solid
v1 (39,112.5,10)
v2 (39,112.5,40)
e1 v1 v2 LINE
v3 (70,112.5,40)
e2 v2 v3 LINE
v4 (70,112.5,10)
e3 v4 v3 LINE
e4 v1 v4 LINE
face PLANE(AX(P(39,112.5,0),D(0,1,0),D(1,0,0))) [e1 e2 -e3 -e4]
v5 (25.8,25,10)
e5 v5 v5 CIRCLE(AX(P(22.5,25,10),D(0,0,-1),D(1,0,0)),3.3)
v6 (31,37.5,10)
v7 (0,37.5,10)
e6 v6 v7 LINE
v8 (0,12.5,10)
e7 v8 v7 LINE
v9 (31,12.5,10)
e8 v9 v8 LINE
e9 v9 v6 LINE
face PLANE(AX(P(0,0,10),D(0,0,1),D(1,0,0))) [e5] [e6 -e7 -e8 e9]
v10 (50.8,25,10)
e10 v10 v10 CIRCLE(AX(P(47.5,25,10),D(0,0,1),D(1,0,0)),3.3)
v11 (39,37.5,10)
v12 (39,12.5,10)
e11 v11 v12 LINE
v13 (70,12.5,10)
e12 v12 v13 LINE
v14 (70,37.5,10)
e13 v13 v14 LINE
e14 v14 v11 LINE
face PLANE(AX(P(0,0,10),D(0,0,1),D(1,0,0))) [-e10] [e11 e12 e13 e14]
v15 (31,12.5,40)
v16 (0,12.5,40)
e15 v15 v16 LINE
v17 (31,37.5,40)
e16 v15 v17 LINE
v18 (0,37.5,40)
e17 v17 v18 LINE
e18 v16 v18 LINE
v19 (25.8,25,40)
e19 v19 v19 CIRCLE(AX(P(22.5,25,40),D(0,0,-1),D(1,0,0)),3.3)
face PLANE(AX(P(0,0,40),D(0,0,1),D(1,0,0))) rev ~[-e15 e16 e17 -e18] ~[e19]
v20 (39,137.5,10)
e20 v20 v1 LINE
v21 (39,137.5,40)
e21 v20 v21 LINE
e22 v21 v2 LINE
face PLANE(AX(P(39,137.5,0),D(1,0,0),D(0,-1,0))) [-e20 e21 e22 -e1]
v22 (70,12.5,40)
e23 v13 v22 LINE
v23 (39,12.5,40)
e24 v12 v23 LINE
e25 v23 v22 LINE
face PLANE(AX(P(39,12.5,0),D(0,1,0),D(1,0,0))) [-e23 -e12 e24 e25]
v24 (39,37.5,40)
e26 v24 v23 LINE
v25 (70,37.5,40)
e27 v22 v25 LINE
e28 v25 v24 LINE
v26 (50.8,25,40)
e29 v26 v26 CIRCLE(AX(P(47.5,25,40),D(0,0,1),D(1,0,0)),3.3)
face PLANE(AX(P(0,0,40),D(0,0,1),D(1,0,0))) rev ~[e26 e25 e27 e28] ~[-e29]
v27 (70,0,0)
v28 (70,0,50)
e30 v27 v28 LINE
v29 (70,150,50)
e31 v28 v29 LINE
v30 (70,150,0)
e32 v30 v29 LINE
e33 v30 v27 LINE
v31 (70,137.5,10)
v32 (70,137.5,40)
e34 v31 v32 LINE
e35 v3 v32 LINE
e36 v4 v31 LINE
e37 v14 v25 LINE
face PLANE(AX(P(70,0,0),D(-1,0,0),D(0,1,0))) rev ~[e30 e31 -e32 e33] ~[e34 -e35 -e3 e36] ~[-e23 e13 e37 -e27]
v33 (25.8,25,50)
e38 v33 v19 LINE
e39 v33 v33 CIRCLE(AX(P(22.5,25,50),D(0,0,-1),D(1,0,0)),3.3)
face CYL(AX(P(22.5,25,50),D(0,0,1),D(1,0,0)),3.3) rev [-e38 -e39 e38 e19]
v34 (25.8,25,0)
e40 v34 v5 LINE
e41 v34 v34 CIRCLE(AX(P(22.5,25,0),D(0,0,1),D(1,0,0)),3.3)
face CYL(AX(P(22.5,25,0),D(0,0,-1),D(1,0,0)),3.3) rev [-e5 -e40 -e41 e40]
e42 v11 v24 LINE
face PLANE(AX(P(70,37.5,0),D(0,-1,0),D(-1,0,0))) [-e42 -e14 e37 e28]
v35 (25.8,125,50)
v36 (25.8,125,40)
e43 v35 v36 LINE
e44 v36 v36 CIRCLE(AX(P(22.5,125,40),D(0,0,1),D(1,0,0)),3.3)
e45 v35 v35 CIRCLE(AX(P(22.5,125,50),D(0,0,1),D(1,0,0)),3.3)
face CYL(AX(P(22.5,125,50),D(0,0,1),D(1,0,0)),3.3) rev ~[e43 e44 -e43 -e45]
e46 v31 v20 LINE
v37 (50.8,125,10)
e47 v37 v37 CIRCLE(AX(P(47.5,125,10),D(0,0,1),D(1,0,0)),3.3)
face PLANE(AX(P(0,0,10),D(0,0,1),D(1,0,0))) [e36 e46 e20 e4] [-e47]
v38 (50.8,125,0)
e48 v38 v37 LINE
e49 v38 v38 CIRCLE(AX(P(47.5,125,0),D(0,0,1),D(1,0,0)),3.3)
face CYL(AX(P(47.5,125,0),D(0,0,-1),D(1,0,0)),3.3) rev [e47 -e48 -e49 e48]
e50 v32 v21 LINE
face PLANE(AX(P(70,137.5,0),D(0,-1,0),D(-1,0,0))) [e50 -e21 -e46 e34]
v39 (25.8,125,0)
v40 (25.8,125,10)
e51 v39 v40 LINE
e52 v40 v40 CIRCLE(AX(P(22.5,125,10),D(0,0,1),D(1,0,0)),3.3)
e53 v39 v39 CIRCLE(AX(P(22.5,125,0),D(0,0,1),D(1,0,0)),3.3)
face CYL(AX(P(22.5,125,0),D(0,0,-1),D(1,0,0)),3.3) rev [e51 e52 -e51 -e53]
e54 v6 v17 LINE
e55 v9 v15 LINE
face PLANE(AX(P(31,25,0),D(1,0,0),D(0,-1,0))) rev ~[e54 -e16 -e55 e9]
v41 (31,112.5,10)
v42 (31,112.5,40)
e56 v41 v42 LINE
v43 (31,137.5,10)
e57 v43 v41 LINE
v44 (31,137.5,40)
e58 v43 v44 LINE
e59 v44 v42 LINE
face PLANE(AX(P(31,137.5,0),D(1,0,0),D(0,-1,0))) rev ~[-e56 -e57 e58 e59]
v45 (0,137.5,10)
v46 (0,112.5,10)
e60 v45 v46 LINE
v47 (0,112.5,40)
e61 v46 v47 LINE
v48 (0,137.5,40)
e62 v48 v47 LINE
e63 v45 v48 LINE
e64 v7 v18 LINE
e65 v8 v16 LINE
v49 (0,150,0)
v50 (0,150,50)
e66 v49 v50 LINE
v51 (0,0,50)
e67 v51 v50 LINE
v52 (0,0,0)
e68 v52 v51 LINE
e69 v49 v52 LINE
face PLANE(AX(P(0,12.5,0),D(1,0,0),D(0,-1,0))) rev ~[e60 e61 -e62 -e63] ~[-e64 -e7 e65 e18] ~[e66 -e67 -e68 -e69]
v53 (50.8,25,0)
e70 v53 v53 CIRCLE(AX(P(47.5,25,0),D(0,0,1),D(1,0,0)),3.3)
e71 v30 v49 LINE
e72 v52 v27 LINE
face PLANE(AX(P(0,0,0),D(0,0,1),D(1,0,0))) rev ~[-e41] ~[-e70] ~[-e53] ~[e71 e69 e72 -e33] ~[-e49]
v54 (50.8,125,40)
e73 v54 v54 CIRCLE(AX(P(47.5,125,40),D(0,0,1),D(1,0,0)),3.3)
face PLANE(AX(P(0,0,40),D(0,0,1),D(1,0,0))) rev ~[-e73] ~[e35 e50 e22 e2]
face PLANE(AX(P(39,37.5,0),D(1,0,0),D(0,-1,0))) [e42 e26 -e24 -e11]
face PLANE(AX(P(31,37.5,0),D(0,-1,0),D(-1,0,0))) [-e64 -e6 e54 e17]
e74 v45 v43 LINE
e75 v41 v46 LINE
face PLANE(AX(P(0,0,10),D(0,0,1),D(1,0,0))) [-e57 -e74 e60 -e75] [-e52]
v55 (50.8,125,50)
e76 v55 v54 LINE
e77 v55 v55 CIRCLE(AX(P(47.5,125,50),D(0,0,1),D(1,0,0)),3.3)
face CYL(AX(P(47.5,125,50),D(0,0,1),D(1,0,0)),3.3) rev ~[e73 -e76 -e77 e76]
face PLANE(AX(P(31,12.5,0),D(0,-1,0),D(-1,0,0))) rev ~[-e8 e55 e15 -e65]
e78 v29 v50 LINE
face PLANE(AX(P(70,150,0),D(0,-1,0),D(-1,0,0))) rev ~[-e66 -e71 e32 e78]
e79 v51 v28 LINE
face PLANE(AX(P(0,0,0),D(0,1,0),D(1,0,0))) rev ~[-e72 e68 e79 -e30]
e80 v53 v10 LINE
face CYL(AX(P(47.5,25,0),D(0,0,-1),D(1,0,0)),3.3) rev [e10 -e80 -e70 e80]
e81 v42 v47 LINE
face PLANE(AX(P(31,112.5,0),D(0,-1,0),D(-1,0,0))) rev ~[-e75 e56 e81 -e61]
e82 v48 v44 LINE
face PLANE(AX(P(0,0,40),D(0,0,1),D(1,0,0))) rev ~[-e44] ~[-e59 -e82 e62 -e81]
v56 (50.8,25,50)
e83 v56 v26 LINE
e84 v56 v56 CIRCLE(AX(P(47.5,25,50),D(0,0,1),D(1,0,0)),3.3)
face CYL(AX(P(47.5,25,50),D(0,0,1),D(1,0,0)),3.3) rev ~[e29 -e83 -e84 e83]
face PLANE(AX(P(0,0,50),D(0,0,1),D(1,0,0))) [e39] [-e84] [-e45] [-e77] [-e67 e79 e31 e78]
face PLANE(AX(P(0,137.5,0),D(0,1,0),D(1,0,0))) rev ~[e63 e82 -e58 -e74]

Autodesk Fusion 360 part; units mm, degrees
sketch "Sketch1" plane through (0, 0, 0) normal (0, 0, 1) x (1, 0, 0)
  line L0 (0, 0) -> (70, 0)
  line L1 (70, 0) -> (70, 150)
  line L2 (70, 150) -> (0, 150)
  line L3 (0, 150) -> (0, 0)
  circle A0 centre (22.5, 25) radius 3.3
  circle A1 centre (47.5, 25) radius 3.3
  circle A2 centre (22.5, 125) radius 3.3
  circle A3 centre (47.5, 125) radius 3.3
  line L4 (22.5, 25) -> (0, 25)
  line L5 (0, 25) -> (31, 25)
  line L6 (31, 25) -> (31, 37.5)
  line L7 (31, 37.5) -> (0, 37.5)
  line L8 (0, 37.5) -> (0, 25)
  line L9 (0, 25) -> (31, 25)
  line L10 (31, 25) -> (31, 12.5)
  line L11 (31, 12.5) -> (0, 12.5)
  line L12 (0, 12.5) -> (0, 25)
  line L13 (70, 37.5) -> (39, 37.5)
  line L14 (39, 37.5) -> (39, 12.5)
  line L15 (39, 12.5) -> (70, 12.5)
  line L16 (70, 12.5) -> (70, 37.5)
  line L17 (70, 137.5) -> (39, 137.5)
  line L18 (39, 137.5) -> (39, 112.5)
  line L19 (39, 112.5) -> (70, 112.5)
  line L20 (70, 112.5) -> (70, 137.5)
  line L21 (0, 137.5) -> (31, 137.5)
  line L22 (31, 137.5) -> (31, 112.5)
  line L23 (31, 112.5) -> (0, 112.5)
  line L24 (0, 112.5) -> (0, 137.5)
  point P0 (22.5, 25)
  point P1 (47.5, 25)
  point P2 (47.5, 125)
  point P3 (22.5, 125)
  dimension "d1" = 70
  dimension "d2" = 150
  dimension "d3" = 25
  dimension "d4" = 22.5
  dimension "d5" = 25
  dimension "d6" = 22.5
  dimension "d7" = 25
  dimension "d8" = 47.5
  dimension "d9" = 25
  dimension "d10" = 22.5
  dimension "d11" = 22.5
  dimension "d12" = 25
  dimension "d13" = 25
  dimension "d14" = 6.6
  dimension "d15" = 6.6
  dimension "d16" = 6.6
  dimension "d17" = 6.6
  dimension "d18" = 31
  dimension "d19" = 12.5
  dimension "d20" = 12.5
  dimension "d21" = 31
  dimension "d22" = 25
  dimension "d23" = 12.5
  dimension "d24" = 31
  dimension "d25" = 25
  dimension "d26" = 31
  dimension "d27" = 25
  dimension "d28" = 12.5
  dimension "d29" = 12.5
extrude "Extrude1" add sketch "Sketch1" along normal blind 50 contours L0 L1 L2 L3 L6 L7 L10 L11 L13 L14 L15 L17 L18 L19 L21 L22 L23
extrude "Extrude2" add sketch "Sketch1" along normal blind 10 contours L3 A0 L4 L5 L9 L10 L11 L12 | L1 L13 L14 L15 L16 | L3 A0 L4 L5 L6 L7 L8 L9 | L1 L17 L18 L19 L20 | L3 L21 L22 L23 L24
extrude "Extrude3" add 4 faces at (63.6, 25, 10) (6.4, 25, 10) (6.4, 125, 10) (63.6, 125, 10) along direction (0, 0, -1) blind 10 start surface through (0, 0, 50) normal (0, 0, 1)
equation "d14 = 6 mm + 0.6 mm"
